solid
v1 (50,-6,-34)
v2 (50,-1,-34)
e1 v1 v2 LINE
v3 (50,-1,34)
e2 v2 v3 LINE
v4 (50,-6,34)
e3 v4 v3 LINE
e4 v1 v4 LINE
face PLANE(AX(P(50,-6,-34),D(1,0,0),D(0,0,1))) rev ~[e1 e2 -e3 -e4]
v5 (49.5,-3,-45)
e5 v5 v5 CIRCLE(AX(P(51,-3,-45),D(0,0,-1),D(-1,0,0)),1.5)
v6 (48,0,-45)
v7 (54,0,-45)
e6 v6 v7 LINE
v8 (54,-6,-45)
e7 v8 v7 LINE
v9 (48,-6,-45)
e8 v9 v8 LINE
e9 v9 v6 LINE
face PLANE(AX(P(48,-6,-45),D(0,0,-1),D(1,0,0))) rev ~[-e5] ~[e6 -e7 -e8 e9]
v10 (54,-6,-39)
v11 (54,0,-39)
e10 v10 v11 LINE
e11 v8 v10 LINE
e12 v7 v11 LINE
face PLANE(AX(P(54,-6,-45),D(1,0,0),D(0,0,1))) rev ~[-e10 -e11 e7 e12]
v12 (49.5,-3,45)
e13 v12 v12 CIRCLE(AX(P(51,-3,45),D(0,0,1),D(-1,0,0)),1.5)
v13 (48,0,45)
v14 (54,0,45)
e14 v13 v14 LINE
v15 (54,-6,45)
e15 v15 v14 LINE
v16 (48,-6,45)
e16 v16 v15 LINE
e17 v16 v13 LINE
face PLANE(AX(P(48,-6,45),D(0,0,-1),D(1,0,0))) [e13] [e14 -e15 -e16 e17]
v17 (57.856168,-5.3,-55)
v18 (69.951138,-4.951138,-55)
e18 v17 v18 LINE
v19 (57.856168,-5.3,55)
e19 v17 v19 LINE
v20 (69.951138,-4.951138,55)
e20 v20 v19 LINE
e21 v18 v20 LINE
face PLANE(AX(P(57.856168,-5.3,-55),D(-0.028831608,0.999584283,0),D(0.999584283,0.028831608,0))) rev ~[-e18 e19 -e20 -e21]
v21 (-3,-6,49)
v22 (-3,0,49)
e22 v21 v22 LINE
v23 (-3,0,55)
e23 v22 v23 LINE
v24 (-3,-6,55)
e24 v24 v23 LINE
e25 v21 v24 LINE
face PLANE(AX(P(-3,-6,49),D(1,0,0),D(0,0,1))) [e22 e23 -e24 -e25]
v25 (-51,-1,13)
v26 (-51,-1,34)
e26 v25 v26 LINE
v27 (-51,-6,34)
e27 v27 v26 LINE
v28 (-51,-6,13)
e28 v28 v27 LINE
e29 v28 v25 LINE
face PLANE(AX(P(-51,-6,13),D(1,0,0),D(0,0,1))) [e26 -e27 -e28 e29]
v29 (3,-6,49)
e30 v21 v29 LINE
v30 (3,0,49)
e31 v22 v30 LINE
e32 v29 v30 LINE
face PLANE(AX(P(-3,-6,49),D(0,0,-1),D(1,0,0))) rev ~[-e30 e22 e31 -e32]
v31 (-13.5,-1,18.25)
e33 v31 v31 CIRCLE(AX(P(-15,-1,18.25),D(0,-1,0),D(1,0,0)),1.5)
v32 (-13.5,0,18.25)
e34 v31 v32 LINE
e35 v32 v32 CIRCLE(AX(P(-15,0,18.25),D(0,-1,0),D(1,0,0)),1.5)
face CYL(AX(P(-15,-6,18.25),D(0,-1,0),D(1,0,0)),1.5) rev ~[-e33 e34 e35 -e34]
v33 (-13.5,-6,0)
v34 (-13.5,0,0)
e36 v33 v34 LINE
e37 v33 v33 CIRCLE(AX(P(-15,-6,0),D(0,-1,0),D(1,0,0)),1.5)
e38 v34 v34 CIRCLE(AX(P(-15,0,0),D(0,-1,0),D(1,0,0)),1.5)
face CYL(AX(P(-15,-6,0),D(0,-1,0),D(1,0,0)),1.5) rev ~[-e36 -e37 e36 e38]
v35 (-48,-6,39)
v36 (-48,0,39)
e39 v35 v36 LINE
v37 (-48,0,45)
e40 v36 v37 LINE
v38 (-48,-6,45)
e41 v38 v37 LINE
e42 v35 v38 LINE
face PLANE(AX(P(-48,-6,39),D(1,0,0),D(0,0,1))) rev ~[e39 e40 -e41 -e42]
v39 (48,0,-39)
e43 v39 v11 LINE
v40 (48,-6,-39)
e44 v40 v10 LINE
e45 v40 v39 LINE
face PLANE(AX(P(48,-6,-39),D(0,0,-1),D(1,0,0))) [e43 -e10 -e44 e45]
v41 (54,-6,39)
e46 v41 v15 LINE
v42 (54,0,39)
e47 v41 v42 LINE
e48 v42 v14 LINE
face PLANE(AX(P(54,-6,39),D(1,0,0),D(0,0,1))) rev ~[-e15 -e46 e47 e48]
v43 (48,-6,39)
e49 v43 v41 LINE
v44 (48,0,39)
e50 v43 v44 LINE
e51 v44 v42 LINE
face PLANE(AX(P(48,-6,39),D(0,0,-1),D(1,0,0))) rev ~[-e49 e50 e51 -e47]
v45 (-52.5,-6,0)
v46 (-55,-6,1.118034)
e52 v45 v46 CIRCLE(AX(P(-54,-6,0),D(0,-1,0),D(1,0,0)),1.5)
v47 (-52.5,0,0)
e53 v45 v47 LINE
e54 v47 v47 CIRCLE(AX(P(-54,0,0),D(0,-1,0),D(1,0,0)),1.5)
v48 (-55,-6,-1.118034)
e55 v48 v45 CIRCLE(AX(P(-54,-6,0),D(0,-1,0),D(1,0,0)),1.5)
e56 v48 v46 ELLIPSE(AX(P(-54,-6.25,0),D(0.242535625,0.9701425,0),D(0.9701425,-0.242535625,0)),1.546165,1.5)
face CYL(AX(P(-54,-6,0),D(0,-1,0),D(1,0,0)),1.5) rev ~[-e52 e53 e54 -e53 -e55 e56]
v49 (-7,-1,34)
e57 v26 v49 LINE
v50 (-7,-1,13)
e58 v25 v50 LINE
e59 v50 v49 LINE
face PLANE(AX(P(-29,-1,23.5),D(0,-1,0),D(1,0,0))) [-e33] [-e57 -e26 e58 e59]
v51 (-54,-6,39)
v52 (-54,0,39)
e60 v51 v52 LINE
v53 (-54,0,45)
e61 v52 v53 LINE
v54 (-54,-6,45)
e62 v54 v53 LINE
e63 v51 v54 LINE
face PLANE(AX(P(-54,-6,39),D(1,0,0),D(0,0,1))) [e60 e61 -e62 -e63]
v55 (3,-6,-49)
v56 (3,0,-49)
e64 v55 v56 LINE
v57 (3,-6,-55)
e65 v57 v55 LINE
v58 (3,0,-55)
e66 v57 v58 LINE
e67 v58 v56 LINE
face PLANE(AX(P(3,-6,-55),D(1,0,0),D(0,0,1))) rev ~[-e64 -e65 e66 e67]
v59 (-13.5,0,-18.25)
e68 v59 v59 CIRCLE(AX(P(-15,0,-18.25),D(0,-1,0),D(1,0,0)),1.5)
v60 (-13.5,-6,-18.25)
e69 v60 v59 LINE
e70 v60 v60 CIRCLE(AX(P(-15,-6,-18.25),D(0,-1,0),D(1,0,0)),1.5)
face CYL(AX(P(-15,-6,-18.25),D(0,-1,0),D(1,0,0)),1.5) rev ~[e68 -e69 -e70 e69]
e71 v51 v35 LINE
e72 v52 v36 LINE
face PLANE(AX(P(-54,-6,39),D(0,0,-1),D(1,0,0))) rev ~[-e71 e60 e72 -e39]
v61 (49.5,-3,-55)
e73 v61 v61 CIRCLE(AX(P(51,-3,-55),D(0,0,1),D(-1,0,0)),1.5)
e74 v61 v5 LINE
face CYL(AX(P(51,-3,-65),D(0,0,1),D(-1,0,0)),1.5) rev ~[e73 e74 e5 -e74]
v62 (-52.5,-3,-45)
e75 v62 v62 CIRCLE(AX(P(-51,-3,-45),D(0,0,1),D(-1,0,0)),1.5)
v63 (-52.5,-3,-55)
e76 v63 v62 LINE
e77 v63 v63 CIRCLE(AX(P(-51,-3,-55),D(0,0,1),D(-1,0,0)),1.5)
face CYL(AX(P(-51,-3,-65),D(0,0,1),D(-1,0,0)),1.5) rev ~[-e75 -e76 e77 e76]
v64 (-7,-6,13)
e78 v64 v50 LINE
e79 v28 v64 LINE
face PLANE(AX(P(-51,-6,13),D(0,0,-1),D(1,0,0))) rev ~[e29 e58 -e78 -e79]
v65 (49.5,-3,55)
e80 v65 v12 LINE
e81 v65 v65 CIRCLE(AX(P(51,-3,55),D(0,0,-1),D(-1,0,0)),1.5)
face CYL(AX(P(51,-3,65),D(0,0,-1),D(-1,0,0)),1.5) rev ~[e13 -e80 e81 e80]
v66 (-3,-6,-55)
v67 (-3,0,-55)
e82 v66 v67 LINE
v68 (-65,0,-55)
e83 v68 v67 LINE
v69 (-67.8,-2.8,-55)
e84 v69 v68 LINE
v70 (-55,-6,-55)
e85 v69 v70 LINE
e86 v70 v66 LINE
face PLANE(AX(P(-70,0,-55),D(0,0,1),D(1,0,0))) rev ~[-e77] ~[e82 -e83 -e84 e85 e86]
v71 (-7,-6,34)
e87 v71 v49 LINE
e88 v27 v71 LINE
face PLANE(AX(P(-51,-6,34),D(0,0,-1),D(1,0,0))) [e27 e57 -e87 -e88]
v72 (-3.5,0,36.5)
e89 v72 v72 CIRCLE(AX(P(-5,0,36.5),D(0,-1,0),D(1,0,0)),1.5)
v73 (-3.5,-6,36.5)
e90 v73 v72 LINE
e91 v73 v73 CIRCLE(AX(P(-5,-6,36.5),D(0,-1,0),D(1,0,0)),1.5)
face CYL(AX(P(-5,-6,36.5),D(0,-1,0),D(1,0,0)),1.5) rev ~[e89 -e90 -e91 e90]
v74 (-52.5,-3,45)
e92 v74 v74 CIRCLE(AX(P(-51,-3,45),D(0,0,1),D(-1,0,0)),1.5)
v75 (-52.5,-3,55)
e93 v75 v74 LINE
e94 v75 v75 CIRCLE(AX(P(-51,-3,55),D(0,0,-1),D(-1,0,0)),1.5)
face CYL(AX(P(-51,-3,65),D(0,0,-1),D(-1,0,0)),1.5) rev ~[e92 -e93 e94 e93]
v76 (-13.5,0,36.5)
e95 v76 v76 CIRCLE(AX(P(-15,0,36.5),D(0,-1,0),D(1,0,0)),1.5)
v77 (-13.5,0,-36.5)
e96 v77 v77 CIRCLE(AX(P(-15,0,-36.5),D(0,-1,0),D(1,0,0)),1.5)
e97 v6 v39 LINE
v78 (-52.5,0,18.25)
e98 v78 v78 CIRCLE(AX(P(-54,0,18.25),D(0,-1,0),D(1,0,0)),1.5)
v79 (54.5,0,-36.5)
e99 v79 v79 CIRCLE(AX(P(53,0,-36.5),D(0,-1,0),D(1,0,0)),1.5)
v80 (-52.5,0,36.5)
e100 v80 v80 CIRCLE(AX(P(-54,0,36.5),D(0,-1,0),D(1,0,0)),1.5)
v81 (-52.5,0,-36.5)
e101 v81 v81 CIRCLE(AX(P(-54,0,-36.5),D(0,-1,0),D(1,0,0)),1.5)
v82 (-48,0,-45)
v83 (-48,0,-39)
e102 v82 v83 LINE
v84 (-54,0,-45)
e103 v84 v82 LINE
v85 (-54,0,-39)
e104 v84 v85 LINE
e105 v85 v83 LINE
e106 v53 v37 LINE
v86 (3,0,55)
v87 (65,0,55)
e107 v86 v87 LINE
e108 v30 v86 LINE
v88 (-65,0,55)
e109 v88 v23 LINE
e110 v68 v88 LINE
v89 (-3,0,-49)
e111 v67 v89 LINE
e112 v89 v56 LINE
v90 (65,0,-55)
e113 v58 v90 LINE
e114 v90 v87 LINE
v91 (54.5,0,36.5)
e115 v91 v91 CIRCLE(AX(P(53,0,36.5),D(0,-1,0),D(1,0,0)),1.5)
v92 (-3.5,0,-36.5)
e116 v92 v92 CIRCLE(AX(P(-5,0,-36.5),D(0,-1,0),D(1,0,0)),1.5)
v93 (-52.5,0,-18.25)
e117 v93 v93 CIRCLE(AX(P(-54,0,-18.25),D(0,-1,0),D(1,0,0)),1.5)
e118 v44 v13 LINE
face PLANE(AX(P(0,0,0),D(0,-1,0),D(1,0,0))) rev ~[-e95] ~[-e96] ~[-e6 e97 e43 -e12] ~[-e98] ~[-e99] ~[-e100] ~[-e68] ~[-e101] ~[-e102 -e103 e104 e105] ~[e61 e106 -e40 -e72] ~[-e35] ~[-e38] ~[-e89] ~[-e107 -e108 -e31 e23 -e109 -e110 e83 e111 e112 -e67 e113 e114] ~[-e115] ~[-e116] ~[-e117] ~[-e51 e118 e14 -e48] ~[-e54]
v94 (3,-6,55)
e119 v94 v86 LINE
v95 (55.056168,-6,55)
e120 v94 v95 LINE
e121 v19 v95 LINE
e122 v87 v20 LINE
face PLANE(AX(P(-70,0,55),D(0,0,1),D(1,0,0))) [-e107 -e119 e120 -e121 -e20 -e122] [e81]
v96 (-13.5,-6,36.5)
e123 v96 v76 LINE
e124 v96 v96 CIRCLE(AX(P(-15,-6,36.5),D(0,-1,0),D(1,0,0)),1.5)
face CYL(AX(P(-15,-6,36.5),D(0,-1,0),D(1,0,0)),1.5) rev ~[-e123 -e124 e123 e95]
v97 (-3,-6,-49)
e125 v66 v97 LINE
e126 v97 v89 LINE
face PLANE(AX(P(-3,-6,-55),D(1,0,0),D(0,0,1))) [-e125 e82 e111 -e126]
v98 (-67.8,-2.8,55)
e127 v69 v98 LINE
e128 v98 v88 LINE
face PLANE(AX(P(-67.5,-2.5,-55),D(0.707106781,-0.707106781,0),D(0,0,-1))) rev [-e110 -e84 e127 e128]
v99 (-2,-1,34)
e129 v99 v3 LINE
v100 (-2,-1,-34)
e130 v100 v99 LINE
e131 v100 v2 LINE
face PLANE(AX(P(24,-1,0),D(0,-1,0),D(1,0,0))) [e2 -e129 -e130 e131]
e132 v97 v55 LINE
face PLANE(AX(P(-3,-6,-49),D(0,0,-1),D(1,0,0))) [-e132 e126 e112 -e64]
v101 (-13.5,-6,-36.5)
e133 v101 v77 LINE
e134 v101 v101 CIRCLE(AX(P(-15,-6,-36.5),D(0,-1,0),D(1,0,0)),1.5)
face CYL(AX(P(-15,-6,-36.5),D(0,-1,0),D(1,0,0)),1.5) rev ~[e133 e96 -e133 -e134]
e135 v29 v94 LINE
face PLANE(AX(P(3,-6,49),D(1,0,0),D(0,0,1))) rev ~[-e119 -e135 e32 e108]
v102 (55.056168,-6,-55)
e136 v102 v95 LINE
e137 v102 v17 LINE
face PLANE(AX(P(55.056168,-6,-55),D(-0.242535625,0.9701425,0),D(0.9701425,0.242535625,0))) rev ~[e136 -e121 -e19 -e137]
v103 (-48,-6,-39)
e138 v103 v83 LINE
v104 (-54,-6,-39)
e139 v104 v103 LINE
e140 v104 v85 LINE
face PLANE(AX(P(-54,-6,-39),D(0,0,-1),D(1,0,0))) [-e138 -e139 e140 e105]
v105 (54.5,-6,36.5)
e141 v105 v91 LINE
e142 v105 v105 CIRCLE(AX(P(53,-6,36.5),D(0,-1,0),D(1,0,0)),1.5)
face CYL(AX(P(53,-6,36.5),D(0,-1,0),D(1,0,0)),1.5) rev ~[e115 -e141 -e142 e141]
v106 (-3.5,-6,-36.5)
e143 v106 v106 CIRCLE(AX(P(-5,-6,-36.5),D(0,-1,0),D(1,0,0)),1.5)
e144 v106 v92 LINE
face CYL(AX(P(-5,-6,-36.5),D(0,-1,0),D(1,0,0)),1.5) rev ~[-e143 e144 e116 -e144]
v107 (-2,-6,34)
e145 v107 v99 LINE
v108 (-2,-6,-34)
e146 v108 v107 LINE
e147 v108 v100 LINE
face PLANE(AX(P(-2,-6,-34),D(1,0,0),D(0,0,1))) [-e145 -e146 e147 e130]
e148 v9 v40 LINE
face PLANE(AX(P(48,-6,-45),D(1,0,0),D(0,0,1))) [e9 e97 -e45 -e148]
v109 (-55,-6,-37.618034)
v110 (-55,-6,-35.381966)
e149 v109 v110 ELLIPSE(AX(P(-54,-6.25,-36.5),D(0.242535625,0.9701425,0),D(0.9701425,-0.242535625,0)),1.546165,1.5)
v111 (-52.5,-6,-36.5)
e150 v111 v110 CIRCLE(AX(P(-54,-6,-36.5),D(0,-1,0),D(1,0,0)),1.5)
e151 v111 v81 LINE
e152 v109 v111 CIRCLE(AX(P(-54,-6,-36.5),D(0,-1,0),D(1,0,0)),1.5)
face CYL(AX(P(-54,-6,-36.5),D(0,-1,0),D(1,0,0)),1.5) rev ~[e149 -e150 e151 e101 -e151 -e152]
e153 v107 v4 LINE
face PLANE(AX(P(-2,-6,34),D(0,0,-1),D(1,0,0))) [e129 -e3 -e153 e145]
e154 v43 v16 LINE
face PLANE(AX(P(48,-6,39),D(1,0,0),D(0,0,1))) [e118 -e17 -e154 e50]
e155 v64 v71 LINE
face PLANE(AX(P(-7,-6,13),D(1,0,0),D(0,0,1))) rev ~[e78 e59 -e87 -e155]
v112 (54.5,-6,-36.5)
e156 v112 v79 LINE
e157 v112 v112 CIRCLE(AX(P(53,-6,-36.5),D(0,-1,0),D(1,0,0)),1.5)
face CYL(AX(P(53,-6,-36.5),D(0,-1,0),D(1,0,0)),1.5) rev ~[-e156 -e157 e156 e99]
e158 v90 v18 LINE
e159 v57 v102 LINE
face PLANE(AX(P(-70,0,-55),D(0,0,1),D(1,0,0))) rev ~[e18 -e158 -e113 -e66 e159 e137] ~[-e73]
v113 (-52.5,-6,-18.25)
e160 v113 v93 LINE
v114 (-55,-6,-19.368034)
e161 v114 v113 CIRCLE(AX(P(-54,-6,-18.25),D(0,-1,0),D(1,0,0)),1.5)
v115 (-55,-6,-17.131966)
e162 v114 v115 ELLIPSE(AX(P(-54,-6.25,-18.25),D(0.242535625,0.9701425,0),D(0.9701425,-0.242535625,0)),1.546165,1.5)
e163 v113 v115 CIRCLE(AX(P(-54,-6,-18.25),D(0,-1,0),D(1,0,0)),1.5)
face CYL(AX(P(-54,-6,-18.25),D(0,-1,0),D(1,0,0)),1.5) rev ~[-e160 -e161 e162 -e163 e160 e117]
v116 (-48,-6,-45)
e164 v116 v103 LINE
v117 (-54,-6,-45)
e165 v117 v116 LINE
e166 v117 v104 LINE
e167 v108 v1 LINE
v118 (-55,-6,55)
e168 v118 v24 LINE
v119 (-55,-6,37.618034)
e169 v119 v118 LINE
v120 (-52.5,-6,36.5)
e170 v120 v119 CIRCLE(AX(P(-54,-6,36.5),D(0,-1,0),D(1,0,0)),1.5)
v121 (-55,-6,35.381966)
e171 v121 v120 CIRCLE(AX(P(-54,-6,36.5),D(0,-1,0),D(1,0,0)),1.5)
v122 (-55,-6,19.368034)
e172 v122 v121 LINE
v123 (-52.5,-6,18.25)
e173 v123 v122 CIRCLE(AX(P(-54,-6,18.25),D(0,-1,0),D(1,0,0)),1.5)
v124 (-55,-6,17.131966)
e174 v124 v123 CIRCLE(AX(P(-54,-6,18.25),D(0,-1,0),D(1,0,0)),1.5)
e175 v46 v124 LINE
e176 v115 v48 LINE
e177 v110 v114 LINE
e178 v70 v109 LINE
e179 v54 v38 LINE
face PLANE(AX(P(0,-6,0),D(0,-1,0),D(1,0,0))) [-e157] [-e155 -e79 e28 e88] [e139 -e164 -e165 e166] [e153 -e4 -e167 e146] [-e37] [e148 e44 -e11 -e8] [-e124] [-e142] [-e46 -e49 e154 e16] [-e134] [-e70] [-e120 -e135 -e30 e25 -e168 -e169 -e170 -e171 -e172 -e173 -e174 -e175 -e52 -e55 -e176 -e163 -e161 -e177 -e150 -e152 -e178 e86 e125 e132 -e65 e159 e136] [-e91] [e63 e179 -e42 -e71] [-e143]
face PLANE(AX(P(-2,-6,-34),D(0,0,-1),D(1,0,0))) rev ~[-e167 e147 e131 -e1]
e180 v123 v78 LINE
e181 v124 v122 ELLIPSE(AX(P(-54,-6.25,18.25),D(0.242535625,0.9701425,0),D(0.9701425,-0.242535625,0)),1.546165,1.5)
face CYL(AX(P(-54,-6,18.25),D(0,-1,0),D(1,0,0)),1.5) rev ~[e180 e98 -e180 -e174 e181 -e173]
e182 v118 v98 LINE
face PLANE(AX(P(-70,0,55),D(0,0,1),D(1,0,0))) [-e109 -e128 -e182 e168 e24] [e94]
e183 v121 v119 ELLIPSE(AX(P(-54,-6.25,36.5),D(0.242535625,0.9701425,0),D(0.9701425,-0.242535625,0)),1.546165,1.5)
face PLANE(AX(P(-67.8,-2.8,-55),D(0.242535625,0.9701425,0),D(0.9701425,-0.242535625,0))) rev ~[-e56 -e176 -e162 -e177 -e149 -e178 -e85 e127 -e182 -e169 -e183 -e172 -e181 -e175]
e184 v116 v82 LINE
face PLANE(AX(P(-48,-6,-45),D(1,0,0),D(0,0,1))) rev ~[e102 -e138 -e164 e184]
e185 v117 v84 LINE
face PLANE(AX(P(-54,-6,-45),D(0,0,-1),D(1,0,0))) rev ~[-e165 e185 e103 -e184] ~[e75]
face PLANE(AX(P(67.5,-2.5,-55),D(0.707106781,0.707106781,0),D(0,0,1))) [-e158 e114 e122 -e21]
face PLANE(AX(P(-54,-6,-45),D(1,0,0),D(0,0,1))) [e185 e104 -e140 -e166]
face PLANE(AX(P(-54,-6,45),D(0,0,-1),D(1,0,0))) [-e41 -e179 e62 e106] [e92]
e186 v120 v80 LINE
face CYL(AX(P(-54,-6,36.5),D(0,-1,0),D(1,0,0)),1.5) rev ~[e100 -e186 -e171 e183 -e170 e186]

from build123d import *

# Parameters (mm, degrees)
F0_W      = 140
F0_H      = 110
F1_DEPTH  = 6
F3_D      = 3
F3_DEPTH  = 10
F3_TIP    = 0.9012909285
F5_D      = 3
F5_DEPTH  = 10
F5_TIP    = 0.9012909285
F6_SIZE   = 5
F7_W      = 6
F7_H      = 6
F8_DEPTH  = 6.001
F9_W      = 52
F9_H      = 68
F9_W_2    = 44
F9_H_2    = 21
F10_DEPTH = 5
F11_R     = 1.5
F12_DEPTH = 25
F14_DEPTH = 110.001
F16_DEPTH = 110.001


with BuildPart() as f1:
    # F0 (on Front) → F1 (new body)
    with BuildSketch(Plane.XZ):
        Rectangle(F0_W, F0_H)
    extrude(amount=F1_DEPTH)

    # F3
    with Locations(Plane(origin=(0, 0, -55), x_dir=(1, 0, 0), z_dir=(0, 0, -1))):
        with Locations((-51, 3), (51, 3)):
            Hole(F3_D / 2, depth=F3_DEPTH)
            with Locations((0, 0, -(F3_DEPTH + F3_TIP / 2))):  # 118° drill point
                Cone(0, F3_D / 2, F3_TIP, mode=Mode.SUBTRACT)

    # F5
    with Locations(Plane.XY.offset(55)):
        with Locations((51, -3), (-51, -3)):
            Hole(F5_D / 2, depth=F5_DEPTH)
            with Locations((0, 0, -(F5_DEPTH + F5_TIP / 2))):  # 118° drill point
                Cone(0, F5_D / 2, F5_TIP, mode=Mode.SUBTRACT)

    # F6
    f6_edges = [f1.edges().sort_by_distance(p)[0] for p in [
        (-70, 0, 0),
        (70, 0, 0),
    ]]
    chamfer(f6_edges, length=F6_SIZE)

    # F7 (on face) → F8 (cut, through all)
    with BuildSketch(Plane.XZ.offset(6)):
        with Locations((-51, -42)):
            Rectangle(F7_W, F7_H)
        with Locations((51, -42)):
            Rectangle(F7_W, F7_H)
        with Locations((51, 42)):
            Rectangle(F7_W, F7_H)
        with Locations((-51, 42)):
            Rectangle(F7_W, F7_H)
        with Locations((0, -52)):
            Rectangle(F7_W, F7_H)
        with Locations((0, 52)):
            Rectangle(F7_W, F7_H)
    extrude(amount=-F8_DEPTH, mode=Mode.SUBTRACT)

    # F9 (on face) → F10 (cut)
    with BuildSketch(Plane.XZ.offset(6)):
        with Locations((24, 0)):
            Rectangle(F9_W, F9_H)
        with Locations((-29, 23.5)):
            Rectangle(F9_W_2, F9_H_2)
    extrude(amount=-F10_DEPTH, mode=Mode.SUBTRACT)

    # F11 (on face) → F12 (cut)
    with BuildSketch(Plane.XZ.offset(6)):
        with Locations((-54, 36.5)):
            Circle(F11_R)
        with Locations((-5, 36.5)):
            Circle(F11_R)
        with Locations((-15, 36.5)):
            Circle(F11_R)
        with Locations((53, 36.5)):
            Circle(F11_R)
        with Locations((-54, 18.25)):
            Circle(F11_R)
        with Locations((-15, 18.25)):
            Circle(F11_R)
        with Locations((-54, 0)):
            Circle(F11_R)
        with Locations((-15, 0)):
            Circle(F11_R)
        with Locations((-54, -36.5)):
            Circle(F11_R)
        with Locations((-5, -36.5)):
            Circle(F11_R)
        with Locations((-15, -36.5)):
            Circle(F11_R)
        with Locations((53, -36.5)):
            Circle(F11_R)
        with Locations((-54, -18.25)):
            Circle(F11_R)
        with Locations((-15, -18.25)):
            Circle(F11_R)
    extrude(amount=-F12_DEPTH, mode=Mode.SUBTRACT)

    # F13 (on face) → F14 (cut, through all)
    with BuildSketch(Plane(origin=(0, 0, -55), x_dir=(1, 0, 0), z_dir=(0, 0, -1))):
        Polygon((70, 6), (55.0561677185, 6), (57.8561677185, 5.3), (69.95113754, 4.95113754), (70, 5), align=None)
    extrude(amount=-F14_DEPTH, mode=Mode.SUBTRACT)

    # F15 (on face) → F16 (cut, through all)
    with BuildSketch(Plane(origin=(0, 0, -55), x_dir=(1, 0, 0), z_dir=(0, 0, -1))):
        Polygon((-70, 5), (-67.8, 2.8), (-55, 6), (-70, 6), align=None)
    extrude(amount=-F16_DEPTH, mode=Mode.SUBTRACT)


solid = f1.part
